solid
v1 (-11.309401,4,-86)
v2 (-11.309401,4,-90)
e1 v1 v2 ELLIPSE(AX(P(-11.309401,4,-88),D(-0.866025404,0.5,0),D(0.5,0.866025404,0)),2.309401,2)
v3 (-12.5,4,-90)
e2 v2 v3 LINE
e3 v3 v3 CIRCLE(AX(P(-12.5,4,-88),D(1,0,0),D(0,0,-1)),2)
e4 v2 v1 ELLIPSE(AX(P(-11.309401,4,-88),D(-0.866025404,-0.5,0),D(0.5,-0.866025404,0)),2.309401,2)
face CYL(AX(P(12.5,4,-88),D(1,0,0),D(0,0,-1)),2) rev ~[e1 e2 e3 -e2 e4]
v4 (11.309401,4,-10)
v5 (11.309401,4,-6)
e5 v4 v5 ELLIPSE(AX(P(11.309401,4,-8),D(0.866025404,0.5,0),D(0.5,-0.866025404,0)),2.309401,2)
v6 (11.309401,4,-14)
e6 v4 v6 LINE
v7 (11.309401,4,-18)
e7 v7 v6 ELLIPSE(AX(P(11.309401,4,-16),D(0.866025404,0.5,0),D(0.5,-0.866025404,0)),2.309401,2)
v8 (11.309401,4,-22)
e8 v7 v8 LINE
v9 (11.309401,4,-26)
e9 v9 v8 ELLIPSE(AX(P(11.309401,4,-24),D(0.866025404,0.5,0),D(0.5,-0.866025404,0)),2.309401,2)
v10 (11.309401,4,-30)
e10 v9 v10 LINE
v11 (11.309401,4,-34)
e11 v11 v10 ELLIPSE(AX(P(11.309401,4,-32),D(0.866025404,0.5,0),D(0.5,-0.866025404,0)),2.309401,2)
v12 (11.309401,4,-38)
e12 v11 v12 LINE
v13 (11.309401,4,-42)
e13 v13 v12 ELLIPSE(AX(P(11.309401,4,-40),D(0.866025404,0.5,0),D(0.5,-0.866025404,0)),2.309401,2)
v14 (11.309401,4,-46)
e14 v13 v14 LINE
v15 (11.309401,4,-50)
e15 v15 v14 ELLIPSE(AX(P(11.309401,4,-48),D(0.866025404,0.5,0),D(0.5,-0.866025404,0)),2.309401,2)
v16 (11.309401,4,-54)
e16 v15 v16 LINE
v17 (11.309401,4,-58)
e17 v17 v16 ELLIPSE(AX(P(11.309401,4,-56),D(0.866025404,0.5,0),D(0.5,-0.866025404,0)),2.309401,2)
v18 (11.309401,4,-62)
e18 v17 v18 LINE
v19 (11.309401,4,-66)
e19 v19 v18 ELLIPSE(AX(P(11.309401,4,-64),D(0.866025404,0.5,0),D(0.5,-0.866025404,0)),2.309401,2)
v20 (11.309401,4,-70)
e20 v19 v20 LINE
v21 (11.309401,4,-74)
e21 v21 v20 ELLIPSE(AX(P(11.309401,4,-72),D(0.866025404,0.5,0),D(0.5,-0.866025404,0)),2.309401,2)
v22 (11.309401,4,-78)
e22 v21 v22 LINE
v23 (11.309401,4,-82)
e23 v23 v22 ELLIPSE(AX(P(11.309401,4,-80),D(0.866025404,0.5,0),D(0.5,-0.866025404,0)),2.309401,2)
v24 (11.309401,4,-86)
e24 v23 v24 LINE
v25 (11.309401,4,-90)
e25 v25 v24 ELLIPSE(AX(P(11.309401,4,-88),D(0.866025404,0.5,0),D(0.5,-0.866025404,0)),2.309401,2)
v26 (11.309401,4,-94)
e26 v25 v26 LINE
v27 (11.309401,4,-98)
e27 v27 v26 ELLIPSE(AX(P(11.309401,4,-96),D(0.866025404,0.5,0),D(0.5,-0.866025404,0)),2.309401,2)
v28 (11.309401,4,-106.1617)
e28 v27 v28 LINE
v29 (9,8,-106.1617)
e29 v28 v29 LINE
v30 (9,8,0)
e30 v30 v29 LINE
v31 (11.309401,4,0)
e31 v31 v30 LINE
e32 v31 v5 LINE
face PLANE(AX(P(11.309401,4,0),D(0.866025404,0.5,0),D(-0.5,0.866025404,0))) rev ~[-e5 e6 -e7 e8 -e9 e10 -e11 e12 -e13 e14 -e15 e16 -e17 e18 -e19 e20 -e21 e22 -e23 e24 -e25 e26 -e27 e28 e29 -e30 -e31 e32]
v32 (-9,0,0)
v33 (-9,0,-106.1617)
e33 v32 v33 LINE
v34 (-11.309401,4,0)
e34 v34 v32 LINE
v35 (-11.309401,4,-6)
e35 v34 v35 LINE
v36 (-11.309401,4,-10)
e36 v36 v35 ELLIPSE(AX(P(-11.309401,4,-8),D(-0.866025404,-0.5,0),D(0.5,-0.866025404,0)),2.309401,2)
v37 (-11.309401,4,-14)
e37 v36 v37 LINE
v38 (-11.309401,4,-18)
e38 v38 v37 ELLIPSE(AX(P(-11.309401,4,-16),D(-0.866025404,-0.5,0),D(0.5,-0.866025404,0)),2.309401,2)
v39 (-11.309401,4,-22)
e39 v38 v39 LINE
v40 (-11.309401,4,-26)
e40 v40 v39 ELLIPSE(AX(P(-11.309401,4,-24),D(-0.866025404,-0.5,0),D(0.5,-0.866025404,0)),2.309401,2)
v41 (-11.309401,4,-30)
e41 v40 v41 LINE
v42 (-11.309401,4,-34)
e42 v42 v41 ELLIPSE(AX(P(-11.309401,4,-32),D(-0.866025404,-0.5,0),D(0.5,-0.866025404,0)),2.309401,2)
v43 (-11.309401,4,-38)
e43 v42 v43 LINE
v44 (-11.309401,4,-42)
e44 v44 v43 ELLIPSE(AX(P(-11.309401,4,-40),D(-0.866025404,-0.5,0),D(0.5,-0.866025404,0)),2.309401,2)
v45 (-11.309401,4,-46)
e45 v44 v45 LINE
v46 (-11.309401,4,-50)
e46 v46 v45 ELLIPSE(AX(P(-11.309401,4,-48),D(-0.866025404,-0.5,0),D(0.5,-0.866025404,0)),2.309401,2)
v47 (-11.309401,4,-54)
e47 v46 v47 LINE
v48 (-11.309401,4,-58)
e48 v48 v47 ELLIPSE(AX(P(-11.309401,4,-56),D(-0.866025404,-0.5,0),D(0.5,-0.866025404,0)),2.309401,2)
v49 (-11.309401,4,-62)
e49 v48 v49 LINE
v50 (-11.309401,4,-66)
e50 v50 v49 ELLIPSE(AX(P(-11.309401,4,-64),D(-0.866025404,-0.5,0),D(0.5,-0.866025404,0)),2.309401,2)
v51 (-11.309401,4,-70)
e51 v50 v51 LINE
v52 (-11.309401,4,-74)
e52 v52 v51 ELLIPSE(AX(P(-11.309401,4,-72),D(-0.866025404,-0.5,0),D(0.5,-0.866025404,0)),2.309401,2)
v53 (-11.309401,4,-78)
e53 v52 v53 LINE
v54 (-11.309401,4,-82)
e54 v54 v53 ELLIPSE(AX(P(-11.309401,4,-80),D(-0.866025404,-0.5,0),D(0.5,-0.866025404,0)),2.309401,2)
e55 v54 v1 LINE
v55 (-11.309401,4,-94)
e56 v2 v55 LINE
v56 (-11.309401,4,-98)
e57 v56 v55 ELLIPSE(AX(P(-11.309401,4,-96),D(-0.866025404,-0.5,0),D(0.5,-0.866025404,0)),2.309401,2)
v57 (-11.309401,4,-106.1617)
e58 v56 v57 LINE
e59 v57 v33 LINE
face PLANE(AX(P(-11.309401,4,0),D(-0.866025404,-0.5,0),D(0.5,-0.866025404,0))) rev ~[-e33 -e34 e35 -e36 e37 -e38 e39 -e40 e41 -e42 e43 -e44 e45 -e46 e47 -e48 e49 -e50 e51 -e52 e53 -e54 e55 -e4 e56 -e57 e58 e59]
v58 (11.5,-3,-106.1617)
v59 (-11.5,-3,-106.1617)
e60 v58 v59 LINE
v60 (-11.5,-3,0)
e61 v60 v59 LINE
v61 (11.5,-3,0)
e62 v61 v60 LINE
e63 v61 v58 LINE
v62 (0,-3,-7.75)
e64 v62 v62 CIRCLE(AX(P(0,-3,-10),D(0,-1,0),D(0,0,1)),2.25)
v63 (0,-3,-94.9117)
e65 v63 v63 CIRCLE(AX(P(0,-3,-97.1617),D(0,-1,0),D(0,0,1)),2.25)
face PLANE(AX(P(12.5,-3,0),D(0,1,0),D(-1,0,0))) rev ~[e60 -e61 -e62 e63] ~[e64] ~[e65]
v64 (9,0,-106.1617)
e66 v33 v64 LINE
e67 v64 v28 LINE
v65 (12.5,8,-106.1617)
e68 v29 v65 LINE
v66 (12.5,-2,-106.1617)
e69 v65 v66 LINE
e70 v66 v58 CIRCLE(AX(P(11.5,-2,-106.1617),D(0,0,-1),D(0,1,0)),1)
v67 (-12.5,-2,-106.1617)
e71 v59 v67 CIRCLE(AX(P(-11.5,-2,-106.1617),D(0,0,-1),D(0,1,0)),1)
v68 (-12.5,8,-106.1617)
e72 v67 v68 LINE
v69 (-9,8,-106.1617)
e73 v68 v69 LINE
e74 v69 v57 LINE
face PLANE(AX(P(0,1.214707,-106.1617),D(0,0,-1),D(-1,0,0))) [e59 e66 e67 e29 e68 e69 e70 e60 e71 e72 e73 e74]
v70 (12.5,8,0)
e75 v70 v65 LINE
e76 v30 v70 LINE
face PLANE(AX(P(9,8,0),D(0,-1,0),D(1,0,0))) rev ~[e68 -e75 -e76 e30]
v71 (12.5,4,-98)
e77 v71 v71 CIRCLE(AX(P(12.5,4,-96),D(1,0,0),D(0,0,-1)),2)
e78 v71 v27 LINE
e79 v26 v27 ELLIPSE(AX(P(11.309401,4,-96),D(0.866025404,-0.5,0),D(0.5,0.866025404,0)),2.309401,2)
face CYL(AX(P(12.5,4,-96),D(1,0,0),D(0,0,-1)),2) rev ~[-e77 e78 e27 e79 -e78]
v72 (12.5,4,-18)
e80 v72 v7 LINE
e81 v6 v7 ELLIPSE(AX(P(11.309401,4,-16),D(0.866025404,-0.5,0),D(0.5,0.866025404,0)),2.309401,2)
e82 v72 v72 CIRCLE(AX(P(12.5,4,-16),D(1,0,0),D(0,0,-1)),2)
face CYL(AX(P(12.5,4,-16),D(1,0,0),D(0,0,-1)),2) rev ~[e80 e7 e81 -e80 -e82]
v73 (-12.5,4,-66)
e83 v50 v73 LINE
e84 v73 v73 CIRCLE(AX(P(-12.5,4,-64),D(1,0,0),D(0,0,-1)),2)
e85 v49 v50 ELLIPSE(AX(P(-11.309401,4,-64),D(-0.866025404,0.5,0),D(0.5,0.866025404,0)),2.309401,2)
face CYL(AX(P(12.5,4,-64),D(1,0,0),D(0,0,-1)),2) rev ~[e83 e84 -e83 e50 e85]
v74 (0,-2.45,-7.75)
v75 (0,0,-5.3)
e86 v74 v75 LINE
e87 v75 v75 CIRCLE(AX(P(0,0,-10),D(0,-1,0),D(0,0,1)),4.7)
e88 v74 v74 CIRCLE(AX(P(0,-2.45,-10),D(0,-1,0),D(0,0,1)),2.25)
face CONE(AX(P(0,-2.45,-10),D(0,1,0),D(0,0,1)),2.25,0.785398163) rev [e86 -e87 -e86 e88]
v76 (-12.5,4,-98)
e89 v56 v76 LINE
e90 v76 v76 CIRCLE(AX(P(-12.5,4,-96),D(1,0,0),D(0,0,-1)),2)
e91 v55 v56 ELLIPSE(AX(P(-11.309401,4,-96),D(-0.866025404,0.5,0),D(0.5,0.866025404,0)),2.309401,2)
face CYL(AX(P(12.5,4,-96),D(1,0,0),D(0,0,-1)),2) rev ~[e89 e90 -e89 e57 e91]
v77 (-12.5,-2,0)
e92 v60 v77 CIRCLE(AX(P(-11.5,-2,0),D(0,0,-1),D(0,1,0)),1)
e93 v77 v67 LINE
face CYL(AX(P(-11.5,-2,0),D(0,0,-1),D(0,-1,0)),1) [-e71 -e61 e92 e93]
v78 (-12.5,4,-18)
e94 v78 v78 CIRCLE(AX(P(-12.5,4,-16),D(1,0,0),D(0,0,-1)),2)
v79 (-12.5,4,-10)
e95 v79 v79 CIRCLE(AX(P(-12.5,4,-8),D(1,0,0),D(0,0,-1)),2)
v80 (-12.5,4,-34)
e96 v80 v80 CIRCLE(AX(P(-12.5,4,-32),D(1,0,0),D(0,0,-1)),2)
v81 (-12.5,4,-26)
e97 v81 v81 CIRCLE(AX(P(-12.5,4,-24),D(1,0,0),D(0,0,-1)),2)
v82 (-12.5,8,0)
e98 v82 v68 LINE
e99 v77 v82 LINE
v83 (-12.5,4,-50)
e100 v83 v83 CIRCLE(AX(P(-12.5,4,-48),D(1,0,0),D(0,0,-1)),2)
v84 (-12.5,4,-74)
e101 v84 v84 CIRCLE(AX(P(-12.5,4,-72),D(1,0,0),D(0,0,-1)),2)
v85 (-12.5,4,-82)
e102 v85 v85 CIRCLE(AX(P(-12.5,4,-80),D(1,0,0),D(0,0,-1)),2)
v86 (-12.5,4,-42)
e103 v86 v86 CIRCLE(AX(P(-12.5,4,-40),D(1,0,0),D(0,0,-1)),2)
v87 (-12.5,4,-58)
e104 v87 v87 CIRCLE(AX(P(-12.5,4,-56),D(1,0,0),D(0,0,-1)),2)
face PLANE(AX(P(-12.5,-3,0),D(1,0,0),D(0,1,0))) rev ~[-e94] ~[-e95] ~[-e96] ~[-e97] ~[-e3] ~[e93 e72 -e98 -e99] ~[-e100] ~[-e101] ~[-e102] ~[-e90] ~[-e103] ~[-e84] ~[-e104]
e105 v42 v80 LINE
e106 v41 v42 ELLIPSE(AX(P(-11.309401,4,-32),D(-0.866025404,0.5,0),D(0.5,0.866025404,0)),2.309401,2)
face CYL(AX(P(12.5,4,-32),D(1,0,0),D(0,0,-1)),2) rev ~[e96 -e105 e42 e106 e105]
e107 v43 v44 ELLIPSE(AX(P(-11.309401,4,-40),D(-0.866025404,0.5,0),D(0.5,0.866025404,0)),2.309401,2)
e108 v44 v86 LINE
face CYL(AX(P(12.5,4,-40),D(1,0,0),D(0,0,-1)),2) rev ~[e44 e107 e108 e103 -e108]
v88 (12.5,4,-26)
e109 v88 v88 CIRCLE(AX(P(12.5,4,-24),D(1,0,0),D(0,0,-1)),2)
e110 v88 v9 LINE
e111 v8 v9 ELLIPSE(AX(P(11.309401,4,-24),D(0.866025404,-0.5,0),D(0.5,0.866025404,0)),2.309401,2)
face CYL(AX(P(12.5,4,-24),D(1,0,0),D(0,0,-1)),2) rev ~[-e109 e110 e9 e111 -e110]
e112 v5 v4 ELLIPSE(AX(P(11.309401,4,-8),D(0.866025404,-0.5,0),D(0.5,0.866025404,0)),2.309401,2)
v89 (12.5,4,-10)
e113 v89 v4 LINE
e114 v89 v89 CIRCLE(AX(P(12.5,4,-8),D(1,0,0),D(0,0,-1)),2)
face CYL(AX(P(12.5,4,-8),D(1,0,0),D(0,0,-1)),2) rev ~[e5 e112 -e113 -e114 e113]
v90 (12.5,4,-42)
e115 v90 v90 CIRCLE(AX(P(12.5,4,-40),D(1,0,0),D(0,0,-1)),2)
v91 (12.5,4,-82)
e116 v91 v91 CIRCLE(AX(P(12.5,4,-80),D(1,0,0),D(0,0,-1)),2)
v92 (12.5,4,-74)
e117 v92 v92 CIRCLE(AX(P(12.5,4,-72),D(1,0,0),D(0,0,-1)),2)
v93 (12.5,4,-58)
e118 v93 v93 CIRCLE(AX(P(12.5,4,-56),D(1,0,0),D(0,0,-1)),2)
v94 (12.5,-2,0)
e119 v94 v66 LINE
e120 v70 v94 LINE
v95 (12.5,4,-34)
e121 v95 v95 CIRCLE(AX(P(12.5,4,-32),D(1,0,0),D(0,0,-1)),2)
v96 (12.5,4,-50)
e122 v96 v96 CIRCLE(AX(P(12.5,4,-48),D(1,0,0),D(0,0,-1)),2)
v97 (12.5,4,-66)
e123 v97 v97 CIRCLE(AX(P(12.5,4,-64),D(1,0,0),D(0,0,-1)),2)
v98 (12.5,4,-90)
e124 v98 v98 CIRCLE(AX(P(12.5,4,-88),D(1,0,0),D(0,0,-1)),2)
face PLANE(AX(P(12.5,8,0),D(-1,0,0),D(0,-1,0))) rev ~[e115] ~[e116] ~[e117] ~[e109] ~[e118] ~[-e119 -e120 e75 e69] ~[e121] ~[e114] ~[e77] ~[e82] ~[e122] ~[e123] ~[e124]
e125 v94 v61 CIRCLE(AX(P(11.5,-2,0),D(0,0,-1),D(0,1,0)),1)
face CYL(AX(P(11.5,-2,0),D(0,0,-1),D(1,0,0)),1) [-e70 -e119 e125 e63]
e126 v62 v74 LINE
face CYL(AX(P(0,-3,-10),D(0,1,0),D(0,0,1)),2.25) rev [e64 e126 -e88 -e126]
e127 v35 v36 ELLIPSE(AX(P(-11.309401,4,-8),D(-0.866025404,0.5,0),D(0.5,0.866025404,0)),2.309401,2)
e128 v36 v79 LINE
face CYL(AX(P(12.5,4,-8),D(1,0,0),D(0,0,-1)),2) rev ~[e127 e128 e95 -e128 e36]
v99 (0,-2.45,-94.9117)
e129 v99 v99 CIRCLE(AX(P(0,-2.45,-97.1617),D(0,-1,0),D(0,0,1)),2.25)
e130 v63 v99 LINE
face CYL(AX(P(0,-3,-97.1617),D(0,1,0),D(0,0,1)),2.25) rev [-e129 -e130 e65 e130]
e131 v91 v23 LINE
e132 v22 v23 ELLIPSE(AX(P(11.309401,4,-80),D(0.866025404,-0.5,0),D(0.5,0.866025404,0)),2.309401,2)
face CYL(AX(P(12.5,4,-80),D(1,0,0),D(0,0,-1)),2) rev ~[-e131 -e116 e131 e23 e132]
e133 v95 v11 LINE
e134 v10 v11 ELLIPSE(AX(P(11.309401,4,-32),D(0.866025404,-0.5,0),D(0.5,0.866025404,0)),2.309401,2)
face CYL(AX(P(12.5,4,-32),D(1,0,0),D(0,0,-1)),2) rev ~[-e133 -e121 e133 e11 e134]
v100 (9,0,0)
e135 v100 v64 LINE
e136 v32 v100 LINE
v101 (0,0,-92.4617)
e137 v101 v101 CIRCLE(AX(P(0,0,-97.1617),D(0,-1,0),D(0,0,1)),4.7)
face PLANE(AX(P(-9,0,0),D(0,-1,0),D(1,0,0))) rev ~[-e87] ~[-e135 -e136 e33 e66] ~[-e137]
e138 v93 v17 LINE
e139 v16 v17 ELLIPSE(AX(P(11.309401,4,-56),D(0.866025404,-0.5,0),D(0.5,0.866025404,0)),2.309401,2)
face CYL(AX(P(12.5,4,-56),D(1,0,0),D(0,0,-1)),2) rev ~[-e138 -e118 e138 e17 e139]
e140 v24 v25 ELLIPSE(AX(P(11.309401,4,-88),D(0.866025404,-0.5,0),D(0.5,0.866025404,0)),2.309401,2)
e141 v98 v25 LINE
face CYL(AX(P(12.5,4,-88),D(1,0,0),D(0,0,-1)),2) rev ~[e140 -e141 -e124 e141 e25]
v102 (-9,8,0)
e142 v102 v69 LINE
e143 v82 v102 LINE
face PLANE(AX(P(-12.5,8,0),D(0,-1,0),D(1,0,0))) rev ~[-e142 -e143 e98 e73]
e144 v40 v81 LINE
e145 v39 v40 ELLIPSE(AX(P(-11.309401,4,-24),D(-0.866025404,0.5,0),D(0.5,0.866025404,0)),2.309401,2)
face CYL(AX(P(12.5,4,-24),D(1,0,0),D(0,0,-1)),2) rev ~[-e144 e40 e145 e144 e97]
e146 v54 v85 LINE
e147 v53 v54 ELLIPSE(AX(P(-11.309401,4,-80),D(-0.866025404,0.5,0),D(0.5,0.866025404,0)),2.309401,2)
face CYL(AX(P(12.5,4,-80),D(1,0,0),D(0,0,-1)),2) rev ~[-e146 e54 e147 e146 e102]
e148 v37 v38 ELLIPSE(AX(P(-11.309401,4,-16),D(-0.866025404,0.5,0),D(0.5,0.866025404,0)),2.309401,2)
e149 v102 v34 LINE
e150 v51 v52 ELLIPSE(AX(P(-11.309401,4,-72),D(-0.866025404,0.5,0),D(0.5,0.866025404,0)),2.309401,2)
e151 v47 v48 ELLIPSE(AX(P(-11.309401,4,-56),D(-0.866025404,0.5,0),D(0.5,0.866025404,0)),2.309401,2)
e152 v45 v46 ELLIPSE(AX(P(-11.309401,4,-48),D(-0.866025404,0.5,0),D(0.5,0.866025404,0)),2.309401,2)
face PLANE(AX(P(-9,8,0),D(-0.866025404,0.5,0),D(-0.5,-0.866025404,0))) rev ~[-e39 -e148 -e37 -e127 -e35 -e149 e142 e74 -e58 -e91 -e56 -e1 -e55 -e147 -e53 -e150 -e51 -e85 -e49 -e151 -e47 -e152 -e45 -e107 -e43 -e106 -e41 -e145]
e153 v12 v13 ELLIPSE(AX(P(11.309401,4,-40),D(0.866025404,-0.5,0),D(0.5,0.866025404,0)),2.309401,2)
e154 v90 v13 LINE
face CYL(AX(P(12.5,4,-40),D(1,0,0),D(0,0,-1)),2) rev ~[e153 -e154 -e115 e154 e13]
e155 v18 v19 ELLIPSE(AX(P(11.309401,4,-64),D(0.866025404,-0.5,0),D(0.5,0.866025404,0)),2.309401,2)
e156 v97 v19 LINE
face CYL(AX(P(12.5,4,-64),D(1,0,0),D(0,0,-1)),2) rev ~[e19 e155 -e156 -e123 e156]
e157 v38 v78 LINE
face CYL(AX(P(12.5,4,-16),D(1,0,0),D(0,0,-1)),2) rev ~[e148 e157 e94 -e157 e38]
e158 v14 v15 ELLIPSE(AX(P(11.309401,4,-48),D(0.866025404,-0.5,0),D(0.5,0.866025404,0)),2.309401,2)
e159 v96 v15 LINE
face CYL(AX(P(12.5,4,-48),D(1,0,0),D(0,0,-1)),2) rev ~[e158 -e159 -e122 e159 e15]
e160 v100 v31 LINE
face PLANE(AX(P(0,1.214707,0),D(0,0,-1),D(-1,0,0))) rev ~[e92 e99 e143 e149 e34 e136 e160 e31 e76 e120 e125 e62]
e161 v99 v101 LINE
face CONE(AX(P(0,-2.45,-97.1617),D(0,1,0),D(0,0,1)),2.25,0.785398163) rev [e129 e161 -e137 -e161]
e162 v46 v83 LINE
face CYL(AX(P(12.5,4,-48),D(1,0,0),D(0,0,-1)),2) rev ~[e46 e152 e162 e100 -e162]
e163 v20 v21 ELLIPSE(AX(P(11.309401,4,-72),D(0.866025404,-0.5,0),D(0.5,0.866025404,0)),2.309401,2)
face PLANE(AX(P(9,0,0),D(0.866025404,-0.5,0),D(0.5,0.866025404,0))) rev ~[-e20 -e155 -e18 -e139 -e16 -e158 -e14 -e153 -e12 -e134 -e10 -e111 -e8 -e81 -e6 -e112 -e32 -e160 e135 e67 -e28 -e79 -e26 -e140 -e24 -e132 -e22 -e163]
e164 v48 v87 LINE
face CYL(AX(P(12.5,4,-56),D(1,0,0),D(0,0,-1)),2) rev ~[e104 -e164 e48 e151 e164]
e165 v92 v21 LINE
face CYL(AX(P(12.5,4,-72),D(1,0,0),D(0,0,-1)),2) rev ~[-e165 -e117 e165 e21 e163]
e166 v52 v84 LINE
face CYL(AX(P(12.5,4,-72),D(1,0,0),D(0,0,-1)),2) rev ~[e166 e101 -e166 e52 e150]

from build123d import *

# Parameters (mm, degrees)
BOSS_EXTRUDE1_DEPTH                            = 106.1617
SKETCH3_R                                      = 2
CUT_EXTRUDE2_DEPTH                             = 100
LPATTERN1_COUNT                                = 12
LPATTERN1_PITCH                                = 8
FILLET1_R                                      = 1
CSK_FOR_M4_FLAT_HEAD_MACHINE_SCREW1_AT_2_COUNT = 2
CSK_FOR_M4_FLAT_HEAD_MACHINE_SCREW1_AT_2_PITCH = 87.1617


with BuildPart() as part:
    # Sketch1 → Boss-Extrude1 (new body)
    with BuildSketch(Plane.XY):
        Polygon((-9, 0), (9, 0), (11.309401077, 4), (9, 8), (12.5, 8), (12.5, -3), (-12.5, -3), (-12.5, 8), (-9, 8), (-11.309401077, 4), align=None)
    extrude(amount=-BOSS_EXTRUDE1_DEPTH)

    # Sketch3 → Cut-Extrude2 (cut)
    with BuildSketch(Plane(origin=(12.5, 0, 0), x_dir=(0, 0, -1), z_dir=(1, 0, 0))):
        with Locations((8, 4)):
            Circle(SKETCH3_R)
    cut_extrude2 = extrude(amount=-CUT_EXTRUDE2_DEPTH, mode=Mode.SUBTRACT)

    # LPattern1: Cut-Extrude2 ×12
    with Locations(*[(0, 0, -i * LPATTERN1_PITCH) for i in range(1, LPATTERN1_COUNT)]):
        add(cut_extrude2, mode=Mode.SUBTRACT)

    # Fillet1
    fillet1_edges = [part.edges().sort_by_distance(p)[0] for p in [
        (12.5, -3, -53.08085),
        (-12.5, -3, -53.08085),
    ]]
    fillet(fillet1_edges, radius=FILLET1_R)

    # Sketch7 → CSK for M4 Flat Head Machine Screw1 (revolve, cut)
    with BuildSketch(Plane(origin=(0, 0, -97.1617), x_dir=(0, 0, 1), z_dir=(1, 0, 0))):
        Polygon((0, 0), (0, 3), (2.25, 3), (2.25, 2.45), (4.7, 0), align=None)
    csk_for_m4_flat_head_machine_screw1 = revolve(axis=Axis((0, 6.35, -97.1617), (0, -1, 0)), mode=Mode.SUBTRACT)

    # CSK for M4 Flat Head Machine Screw1 at 2: CSK for M4 Flat Head Machine Screw1 ×2
    with Locations(*[(0, 0, i * CSK_FOR_M4_FLAT_HEAD_MACHINE_SCREW1_AT_2_PITCH) for i in range(1, CSK_FOR_M4_FLAT_HEAD_MACHINE_SCREW1_AT_2_COUNT)]):
        add(csk_for_m4_flat_head_machine_screw1, mode=Mode.SUBTRACT)


solid = part.part
